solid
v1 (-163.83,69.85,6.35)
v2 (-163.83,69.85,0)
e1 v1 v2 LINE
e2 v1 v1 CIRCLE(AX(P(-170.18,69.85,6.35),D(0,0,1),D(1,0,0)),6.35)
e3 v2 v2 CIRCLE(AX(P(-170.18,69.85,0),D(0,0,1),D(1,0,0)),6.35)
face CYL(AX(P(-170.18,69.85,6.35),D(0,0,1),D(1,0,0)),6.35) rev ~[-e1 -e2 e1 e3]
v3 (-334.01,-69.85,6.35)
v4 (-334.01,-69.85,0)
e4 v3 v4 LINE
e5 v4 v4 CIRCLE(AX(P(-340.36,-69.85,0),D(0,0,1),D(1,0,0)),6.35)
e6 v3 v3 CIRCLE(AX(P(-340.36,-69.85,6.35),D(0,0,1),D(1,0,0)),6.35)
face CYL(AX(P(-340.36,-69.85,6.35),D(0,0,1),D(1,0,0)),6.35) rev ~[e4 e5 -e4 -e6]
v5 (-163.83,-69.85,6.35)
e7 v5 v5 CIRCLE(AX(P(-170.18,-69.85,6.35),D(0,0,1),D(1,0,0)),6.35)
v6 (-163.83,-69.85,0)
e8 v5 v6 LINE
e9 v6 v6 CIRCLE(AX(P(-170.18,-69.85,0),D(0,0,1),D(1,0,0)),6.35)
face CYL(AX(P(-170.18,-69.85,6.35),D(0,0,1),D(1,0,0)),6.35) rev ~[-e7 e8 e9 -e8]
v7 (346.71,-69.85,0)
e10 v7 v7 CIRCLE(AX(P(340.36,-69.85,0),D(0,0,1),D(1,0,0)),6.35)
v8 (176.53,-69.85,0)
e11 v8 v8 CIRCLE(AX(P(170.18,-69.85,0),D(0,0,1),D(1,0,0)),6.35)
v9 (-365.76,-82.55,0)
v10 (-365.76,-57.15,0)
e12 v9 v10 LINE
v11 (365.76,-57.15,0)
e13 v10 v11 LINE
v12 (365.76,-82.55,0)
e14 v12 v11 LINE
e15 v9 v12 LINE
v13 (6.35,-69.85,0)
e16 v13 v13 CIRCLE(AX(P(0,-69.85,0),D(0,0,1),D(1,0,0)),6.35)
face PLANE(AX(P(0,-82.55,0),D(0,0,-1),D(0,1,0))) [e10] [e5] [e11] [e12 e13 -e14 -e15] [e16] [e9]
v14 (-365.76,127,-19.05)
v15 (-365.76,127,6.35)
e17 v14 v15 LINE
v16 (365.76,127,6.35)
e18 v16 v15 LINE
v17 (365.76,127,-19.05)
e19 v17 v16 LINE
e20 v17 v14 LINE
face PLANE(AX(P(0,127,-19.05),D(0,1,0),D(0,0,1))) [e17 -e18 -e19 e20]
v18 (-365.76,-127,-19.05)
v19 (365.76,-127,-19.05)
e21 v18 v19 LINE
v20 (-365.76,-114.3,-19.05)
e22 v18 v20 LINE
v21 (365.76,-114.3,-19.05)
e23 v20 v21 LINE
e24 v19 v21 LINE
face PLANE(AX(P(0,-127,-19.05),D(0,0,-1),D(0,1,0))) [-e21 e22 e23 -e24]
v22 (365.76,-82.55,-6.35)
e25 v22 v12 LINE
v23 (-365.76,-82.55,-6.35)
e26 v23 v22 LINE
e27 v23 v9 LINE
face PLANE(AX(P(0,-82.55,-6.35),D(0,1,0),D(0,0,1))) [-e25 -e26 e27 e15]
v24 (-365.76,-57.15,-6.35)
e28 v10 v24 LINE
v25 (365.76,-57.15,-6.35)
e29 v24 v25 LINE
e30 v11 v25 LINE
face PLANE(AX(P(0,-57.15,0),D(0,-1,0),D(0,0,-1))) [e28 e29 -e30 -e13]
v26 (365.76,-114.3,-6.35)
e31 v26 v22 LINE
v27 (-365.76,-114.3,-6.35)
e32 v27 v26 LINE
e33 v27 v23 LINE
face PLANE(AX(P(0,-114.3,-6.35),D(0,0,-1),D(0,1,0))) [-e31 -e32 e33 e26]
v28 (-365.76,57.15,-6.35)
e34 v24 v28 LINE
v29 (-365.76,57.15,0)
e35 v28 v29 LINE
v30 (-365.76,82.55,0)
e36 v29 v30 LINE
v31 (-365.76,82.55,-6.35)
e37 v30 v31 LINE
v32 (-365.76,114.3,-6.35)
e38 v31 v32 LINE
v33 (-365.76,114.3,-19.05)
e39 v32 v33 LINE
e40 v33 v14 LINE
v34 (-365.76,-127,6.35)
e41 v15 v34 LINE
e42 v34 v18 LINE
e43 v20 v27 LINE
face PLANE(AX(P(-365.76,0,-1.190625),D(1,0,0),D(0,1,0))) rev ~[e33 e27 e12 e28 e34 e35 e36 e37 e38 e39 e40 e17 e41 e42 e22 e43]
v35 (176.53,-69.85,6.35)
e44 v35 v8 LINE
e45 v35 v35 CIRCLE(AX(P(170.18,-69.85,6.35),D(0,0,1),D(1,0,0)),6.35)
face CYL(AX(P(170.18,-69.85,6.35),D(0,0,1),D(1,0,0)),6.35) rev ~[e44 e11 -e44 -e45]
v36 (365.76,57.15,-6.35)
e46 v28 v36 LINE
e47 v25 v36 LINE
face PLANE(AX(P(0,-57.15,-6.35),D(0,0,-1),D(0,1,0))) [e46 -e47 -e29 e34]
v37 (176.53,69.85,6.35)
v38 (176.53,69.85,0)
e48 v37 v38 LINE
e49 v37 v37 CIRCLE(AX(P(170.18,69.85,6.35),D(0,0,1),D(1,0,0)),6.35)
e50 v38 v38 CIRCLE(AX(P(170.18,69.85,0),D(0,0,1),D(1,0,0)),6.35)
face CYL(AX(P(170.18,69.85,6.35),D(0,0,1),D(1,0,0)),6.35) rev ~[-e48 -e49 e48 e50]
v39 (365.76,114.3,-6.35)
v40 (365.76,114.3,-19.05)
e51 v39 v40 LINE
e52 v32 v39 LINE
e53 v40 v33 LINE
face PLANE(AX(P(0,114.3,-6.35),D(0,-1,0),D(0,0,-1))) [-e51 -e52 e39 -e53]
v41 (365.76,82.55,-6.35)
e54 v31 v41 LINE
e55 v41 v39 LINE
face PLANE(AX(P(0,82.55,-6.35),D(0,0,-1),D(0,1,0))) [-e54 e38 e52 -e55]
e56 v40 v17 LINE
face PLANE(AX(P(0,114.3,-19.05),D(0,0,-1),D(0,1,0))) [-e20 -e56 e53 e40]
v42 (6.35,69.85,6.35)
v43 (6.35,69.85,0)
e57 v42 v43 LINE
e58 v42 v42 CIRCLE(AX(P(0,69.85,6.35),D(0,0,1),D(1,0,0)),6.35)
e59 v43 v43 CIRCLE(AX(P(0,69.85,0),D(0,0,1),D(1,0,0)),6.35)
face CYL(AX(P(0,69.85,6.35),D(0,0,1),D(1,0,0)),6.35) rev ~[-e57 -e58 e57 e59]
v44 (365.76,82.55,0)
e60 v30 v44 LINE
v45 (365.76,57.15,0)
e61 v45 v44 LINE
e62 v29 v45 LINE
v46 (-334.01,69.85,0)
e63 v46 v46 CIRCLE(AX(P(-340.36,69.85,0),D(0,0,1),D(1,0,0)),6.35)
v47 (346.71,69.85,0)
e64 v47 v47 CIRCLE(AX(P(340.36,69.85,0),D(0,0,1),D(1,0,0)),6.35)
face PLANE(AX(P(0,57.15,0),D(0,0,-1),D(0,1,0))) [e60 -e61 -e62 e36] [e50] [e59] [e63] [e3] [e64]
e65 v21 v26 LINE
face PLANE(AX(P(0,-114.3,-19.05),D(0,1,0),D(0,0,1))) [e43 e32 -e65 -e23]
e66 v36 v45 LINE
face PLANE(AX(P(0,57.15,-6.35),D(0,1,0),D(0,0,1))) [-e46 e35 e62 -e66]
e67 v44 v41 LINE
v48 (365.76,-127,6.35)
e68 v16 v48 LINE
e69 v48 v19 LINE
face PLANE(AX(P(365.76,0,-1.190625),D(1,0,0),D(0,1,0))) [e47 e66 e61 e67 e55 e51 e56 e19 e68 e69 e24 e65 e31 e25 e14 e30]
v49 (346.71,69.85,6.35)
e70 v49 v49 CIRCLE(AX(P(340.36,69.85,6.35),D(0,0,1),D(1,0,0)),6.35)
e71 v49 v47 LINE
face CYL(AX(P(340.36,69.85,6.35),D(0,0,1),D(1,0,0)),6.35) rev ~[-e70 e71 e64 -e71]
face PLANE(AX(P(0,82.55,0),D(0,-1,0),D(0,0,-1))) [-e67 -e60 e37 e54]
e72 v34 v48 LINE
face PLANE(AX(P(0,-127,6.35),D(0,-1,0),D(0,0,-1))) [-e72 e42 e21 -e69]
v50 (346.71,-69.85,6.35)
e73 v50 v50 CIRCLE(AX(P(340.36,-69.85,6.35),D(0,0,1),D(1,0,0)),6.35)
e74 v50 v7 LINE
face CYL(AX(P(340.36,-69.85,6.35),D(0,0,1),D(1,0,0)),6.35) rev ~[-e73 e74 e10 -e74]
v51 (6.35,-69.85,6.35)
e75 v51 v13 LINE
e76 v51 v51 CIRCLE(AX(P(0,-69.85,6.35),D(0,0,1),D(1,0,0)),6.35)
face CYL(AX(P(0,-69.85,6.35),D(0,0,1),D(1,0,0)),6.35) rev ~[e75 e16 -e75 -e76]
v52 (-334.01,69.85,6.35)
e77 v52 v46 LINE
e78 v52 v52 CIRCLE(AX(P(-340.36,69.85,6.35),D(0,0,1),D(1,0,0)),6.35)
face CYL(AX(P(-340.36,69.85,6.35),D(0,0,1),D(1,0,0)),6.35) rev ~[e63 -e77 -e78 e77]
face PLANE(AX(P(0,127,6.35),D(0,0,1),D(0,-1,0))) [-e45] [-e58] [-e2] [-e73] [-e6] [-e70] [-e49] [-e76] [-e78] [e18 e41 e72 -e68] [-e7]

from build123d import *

# Parameters (mm, degrees)
F1_DEPTH = 365.76
F2_R     = 6.35
F3_DEPTH = 12.7


with BuildPart() as f1:
    # F0 (on Right) → F1 (new body, symmetric)
    with BuildSketch(Plane.YZ):
        Polygon((127, 6.35), (57.15, 6.35), (-57.15, 6.35), (-127, 6.35), (-127, -19.05), (-114.3, -19.05), (-114.3, -6.35), (-82.55, -6.35), (-82.55, 0), (-57.15, 0), (-57.15, -6.35), (57.15, -6.35), (57.15, 0), (82.55, 0), (82.55, -6.35), (114.3, -6.35), (114.3, -19.05), (127, -19.05), align=None)
    extrude(amount=F1_DEPTH, both=True)

    # F2 (on face) → F3 (cut)
    with BuildSketch(Plane.XY.offset(6.35)):
        with Locations((0, -69.85)):
            Circle(F2_R)
        with Locations((170.18, -69.85)):
            Circle(F2_R)
        with Locations((340.36, -69.85)):
            Circle(F2_R)
        with Locations((-170.18, -69.85)):
            Circle(F2_R)
        with Locations((-340.36, -69.85)):
            Circle(F2_R)
        with Locations((-340.36, 69.85)):
            Circle(F2_R)
        with Locations((-170.18, 69.85)):
            Circle(F2_R)
        with Locations((0, 69.85)):
            Circle(F2_R)
        with Locations((170.18, 69.85)):
            Circle(F2_R)
        with Locations((340.36, 69.85)):
            Circle(F2_R)
    extrude(amount=-F3_DEPTH, mode=Mode.SUBTRACT)


solid = f1.part
